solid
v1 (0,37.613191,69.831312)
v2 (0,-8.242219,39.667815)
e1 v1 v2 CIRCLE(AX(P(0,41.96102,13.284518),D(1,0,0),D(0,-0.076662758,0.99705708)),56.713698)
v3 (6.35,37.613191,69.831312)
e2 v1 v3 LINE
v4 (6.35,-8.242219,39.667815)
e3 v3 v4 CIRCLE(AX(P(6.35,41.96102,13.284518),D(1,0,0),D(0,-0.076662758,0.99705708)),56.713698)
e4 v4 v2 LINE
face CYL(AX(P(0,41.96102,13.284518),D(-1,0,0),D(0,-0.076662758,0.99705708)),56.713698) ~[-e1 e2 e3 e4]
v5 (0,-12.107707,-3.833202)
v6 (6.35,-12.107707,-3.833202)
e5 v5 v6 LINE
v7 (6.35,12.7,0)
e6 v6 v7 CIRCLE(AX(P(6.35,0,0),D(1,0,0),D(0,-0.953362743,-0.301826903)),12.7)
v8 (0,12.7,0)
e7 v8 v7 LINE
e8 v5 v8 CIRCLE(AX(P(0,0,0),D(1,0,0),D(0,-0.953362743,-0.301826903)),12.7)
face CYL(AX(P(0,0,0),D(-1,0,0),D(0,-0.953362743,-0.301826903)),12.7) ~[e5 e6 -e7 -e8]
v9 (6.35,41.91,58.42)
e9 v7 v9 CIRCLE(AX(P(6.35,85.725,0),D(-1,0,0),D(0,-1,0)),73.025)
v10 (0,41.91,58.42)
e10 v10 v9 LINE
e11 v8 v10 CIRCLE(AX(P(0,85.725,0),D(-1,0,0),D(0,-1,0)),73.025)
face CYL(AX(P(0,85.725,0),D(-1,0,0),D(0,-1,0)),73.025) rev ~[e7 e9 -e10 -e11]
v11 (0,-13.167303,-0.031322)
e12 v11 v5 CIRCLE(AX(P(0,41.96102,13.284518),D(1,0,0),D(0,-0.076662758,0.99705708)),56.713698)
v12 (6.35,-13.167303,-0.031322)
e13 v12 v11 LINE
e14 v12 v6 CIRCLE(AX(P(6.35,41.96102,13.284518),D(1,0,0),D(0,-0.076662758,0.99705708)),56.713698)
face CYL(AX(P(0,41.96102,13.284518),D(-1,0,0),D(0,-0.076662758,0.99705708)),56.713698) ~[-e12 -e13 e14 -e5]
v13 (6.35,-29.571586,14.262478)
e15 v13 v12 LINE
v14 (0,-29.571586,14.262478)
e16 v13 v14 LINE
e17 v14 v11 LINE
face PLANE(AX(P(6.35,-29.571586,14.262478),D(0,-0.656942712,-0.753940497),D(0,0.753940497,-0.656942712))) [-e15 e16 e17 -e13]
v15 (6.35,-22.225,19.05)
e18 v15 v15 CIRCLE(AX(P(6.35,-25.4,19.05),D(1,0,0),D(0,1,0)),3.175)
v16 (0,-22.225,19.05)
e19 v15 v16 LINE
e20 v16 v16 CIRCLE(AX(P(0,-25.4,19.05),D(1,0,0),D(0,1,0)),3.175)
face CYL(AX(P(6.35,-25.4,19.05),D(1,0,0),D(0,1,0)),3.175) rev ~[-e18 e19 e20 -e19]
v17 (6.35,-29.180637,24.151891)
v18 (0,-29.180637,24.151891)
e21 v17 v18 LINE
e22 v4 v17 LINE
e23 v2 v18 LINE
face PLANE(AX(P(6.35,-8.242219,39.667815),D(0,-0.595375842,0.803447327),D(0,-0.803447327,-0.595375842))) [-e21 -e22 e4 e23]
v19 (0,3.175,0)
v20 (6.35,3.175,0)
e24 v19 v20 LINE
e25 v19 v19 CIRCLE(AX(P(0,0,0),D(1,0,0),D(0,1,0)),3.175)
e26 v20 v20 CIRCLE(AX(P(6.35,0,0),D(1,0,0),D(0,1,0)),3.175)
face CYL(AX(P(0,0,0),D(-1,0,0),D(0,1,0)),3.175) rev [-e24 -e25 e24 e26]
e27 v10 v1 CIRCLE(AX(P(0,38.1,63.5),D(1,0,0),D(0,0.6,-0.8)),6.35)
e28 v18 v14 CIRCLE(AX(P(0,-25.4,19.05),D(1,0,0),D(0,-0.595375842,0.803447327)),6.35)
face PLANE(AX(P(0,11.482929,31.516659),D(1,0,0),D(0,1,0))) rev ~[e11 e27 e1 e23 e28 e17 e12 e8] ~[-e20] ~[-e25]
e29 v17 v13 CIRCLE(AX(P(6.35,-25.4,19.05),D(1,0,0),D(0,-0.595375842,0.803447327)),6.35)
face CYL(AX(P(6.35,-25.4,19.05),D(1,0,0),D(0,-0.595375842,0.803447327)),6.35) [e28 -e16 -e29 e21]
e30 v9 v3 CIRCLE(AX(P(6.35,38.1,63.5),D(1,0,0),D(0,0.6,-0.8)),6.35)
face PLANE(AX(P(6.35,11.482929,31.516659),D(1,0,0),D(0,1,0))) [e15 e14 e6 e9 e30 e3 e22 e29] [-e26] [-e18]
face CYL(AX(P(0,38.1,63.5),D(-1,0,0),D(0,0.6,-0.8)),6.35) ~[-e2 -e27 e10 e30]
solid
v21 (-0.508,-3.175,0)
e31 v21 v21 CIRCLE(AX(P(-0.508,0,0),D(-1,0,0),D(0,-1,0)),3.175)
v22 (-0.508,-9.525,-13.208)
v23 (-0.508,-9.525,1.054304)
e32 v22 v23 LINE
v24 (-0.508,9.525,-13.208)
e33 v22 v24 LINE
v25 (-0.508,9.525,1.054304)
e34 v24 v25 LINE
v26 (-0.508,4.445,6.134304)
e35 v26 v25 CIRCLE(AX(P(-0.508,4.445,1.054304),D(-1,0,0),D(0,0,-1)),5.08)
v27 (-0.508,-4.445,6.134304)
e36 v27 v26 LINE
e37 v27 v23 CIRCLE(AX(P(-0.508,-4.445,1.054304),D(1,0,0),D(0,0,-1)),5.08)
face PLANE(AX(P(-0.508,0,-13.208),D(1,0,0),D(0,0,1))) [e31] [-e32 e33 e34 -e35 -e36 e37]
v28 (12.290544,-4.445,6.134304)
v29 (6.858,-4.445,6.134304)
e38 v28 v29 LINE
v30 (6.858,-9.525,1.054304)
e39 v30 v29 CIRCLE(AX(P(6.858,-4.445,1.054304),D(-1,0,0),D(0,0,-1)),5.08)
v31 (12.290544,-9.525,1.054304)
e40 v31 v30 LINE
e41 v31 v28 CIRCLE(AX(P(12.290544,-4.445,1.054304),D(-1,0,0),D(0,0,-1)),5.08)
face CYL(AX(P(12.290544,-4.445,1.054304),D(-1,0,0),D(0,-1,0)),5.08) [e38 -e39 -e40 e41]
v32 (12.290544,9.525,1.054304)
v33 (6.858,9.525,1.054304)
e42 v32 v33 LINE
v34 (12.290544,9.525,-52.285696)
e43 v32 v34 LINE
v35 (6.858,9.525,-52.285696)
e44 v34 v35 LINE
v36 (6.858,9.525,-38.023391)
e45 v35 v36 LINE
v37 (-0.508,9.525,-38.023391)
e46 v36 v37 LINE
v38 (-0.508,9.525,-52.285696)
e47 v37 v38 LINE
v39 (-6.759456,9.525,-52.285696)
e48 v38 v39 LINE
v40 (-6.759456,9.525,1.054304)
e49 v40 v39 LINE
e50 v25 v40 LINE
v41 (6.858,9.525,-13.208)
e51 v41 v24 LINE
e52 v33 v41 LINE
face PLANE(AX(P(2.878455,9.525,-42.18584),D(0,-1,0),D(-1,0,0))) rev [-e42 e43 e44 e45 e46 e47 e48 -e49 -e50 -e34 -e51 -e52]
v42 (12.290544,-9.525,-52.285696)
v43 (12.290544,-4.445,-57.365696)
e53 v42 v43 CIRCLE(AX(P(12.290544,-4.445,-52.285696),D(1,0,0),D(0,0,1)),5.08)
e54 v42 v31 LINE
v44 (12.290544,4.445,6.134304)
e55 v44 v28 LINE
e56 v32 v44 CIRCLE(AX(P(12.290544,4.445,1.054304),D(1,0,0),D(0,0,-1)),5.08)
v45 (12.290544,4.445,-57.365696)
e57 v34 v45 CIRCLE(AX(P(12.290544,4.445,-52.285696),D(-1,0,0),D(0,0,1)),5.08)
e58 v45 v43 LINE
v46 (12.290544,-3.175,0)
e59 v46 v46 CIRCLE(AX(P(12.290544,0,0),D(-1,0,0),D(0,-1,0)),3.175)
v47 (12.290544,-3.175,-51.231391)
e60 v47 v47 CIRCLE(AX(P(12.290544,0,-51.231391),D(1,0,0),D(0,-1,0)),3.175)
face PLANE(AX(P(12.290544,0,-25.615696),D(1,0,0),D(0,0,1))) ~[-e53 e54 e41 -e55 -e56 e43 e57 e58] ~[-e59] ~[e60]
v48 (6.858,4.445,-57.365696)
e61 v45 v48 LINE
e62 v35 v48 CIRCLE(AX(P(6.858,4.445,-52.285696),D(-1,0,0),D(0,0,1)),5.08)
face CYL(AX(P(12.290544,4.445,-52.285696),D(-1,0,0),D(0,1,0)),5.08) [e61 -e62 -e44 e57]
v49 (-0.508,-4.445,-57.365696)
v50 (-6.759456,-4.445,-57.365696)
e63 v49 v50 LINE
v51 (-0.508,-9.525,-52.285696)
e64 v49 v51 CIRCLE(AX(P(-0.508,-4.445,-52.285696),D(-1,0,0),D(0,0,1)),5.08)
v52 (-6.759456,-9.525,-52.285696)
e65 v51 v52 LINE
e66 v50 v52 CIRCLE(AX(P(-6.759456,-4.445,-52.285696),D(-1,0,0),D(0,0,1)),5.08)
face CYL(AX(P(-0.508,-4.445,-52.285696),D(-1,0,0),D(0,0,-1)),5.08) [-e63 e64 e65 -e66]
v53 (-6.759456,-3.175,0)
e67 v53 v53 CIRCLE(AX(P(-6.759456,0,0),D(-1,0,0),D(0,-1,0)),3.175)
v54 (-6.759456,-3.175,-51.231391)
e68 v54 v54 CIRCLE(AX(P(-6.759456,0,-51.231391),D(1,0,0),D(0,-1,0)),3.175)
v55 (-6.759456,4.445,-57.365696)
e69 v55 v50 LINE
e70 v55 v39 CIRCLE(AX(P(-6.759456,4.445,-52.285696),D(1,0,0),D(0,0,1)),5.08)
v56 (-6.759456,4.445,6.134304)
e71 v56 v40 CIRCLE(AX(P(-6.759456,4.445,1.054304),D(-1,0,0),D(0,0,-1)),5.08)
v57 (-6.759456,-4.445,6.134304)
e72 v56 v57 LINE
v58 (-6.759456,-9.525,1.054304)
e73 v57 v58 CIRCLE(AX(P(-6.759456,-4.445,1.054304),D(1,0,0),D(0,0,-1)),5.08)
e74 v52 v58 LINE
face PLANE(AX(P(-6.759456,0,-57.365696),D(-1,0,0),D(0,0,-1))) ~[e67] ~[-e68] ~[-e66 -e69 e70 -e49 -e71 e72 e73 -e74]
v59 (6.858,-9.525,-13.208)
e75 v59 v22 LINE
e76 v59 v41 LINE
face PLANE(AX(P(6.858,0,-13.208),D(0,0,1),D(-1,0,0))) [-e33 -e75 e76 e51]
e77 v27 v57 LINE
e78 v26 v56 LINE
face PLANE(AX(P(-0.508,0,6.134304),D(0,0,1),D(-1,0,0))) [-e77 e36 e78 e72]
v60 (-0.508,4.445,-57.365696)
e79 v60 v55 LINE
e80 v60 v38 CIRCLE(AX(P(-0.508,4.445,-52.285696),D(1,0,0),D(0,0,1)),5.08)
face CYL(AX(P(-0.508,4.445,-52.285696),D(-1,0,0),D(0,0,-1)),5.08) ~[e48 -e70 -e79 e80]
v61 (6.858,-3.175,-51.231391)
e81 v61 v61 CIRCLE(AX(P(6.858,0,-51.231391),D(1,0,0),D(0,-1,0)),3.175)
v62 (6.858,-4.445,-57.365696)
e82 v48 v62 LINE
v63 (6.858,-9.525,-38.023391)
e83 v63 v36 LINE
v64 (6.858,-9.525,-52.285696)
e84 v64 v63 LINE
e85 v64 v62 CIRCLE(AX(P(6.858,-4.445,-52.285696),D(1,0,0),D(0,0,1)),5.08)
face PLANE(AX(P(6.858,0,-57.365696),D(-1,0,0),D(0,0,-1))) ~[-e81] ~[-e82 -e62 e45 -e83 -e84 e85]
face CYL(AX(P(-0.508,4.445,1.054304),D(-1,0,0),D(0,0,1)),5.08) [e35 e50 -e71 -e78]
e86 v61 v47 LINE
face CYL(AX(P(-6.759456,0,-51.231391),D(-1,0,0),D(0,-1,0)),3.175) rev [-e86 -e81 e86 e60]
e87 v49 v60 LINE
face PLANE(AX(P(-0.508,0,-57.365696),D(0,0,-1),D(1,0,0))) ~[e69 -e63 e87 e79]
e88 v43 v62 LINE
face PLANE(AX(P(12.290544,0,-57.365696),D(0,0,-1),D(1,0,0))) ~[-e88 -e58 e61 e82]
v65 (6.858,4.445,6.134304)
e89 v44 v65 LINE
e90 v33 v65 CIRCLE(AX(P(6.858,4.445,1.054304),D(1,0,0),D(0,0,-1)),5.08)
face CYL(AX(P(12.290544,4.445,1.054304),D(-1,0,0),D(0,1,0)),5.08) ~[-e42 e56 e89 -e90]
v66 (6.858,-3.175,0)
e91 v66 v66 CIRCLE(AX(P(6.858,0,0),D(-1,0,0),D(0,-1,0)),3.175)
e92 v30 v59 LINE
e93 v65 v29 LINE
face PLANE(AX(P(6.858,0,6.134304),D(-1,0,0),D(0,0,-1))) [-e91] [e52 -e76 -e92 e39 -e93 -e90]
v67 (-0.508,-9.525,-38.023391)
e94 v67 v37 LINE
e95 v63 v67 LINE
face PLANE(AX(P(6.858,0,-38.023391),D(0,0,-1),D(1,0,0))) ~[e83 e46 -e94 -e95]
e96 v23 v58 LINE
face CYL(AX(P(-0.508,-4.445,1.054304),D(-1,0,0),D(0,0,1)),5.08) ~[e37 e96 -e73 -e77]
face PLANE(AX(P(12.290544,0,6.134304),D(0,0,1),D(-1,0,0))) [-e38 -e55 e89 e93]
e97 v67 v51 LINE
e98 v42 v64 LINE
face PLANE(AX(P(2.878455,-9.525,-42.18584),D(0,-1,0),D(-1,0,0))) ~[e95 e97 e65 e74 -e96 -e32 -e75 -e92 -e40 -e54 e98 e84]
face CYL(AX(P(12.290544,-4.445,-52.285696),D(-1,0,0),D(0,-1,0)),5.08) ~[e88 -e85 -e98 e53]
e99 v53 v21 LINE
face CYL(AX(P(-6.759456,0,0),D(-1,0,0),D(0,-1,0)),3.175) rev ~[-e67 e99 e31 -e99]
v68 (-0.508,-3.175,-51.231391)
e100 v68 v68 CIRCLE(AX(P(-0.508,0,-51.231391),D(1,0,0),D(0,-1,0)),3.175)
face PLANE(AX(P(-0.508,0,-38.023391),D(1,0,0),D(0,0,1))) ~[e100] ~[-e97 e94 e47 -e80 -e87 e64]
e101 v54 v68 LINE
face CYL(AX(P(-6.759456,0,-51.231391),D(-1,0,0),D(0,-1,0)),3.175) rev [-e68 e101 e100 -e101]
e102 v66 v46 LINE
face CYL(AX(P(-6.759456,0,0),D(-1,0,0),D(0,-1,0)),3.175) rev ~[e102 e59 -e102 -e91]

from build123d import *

# Parameters (mm, degrees)
F0_R     = 3.175
F1_DEPTH = 6.35
F2_R     = 3.175
F3_DEPTH = 6.35
F5_DEPTH = 9.525
F6_R     = 3.175
F7_DEPTH = 25.4
F8_R     = 5.08


with BuildPart() as f1:
    # F0 (on Right) → F1 (new body)
    with BuildSketch(Plane.YZ):
        with BuildLine():
            ThreePointArc((37.6131914897, 69.8313124606), (-5.0468372816, 45.0131316201), (-12.1077068408, -3.8332016718))
            ThreePointArc((-12.1077068408, -3.8332016718), (1.9393456527, -12.5510532801), (12.7, 0))
            ThreePointArc((12.7, 0), (20.4094543772, 32.6577728114), (41.91, 58.42))
            ThreePointArc((41.91, 58.42), (44.0426772955, 65.7376520199), (37.6131914897, 69.8313124606))
        make_face()
        Circle(F0_R, mode=Mode.SUBTRACT)
    extrude(amount=F1_DEPTH)

    # F2 (on face) → F3 (join)
    with BuildSketch(Plane.YZ.offset(6.35)):
        with BuildLine():
            Line((-8.242219049, 39.6678149022), (-29.1806365937, 24.1518905267))
            ThreePointArc((-29.1806365937, 24.1518905267), (-31.7450439502, 19.3008331522), (-29.5715862194, 14.2624778419))
            Line((-29.5715862194, 14.2624778419), (-13.1673026326, -0.0313219759))
            ThreePointArc((-13.1673026326, -0.0313219759), (-14.3212137772, 20.2669044036), (-8.242219049, 39.6678149022))
        make_face()
        with Locations((-25.4, 19.05)):
            Circle(F2_R, mode=Mode.SUBTRACT)
    extrude(amount=-F3_DEPTH)


with BuildPart() as f5:
    # F4 (on Front) → F5 (new body, symmetric)
    with BuildSketch(Plane.XZ):
        Polygon((-0.508, 6.1343043919), (-6.7594562411, 6.1343043919), (-6.7594562411, -25.6156956081), (12.2905437589, -25.6156956081), (12.2905437589, 6.1343043919), (6.858, 6.1343043919), (6.858, -13.208), (-0.508, -13.208), align=None)
    extrude(amount=F5_DEPTH, both=True)

    # F6 (on face) → F7 (cut)
    with BuildSketch(Plane(origin=(-6.7594562411, 0, 0), x_dir=(0, -1, 0), z_dir=(-1, 0, 0))):
        Circle(F6_R)
    extrude(amount=-F7_DEPTH, mode=Mode.SUBTRACT)

    # F8
    f8_edges = [f5.edges().sort_by_distance(p)[0] for p in [
        (-3.633728, -9.525, 6.134304),
        (-3.633728, 9.525, 6.134304),
        (9.574272, -9.525, 6.134304),
        (9.574272, 9.525, 6.134304),
    ]]
    fillet(f8_edges, radius=F8_R)

    # F9: F5 across face


with BuildPart() as f5_1:
    add(f5.part)
    add(f5.part.mirror(Plane(origin=(2.7655437589, 0, -25.6156956081), x_dir=(1, 0, 0), z_dir=(0, 0, -1))))


solid = Compound([f1.part, f5_1.part])
